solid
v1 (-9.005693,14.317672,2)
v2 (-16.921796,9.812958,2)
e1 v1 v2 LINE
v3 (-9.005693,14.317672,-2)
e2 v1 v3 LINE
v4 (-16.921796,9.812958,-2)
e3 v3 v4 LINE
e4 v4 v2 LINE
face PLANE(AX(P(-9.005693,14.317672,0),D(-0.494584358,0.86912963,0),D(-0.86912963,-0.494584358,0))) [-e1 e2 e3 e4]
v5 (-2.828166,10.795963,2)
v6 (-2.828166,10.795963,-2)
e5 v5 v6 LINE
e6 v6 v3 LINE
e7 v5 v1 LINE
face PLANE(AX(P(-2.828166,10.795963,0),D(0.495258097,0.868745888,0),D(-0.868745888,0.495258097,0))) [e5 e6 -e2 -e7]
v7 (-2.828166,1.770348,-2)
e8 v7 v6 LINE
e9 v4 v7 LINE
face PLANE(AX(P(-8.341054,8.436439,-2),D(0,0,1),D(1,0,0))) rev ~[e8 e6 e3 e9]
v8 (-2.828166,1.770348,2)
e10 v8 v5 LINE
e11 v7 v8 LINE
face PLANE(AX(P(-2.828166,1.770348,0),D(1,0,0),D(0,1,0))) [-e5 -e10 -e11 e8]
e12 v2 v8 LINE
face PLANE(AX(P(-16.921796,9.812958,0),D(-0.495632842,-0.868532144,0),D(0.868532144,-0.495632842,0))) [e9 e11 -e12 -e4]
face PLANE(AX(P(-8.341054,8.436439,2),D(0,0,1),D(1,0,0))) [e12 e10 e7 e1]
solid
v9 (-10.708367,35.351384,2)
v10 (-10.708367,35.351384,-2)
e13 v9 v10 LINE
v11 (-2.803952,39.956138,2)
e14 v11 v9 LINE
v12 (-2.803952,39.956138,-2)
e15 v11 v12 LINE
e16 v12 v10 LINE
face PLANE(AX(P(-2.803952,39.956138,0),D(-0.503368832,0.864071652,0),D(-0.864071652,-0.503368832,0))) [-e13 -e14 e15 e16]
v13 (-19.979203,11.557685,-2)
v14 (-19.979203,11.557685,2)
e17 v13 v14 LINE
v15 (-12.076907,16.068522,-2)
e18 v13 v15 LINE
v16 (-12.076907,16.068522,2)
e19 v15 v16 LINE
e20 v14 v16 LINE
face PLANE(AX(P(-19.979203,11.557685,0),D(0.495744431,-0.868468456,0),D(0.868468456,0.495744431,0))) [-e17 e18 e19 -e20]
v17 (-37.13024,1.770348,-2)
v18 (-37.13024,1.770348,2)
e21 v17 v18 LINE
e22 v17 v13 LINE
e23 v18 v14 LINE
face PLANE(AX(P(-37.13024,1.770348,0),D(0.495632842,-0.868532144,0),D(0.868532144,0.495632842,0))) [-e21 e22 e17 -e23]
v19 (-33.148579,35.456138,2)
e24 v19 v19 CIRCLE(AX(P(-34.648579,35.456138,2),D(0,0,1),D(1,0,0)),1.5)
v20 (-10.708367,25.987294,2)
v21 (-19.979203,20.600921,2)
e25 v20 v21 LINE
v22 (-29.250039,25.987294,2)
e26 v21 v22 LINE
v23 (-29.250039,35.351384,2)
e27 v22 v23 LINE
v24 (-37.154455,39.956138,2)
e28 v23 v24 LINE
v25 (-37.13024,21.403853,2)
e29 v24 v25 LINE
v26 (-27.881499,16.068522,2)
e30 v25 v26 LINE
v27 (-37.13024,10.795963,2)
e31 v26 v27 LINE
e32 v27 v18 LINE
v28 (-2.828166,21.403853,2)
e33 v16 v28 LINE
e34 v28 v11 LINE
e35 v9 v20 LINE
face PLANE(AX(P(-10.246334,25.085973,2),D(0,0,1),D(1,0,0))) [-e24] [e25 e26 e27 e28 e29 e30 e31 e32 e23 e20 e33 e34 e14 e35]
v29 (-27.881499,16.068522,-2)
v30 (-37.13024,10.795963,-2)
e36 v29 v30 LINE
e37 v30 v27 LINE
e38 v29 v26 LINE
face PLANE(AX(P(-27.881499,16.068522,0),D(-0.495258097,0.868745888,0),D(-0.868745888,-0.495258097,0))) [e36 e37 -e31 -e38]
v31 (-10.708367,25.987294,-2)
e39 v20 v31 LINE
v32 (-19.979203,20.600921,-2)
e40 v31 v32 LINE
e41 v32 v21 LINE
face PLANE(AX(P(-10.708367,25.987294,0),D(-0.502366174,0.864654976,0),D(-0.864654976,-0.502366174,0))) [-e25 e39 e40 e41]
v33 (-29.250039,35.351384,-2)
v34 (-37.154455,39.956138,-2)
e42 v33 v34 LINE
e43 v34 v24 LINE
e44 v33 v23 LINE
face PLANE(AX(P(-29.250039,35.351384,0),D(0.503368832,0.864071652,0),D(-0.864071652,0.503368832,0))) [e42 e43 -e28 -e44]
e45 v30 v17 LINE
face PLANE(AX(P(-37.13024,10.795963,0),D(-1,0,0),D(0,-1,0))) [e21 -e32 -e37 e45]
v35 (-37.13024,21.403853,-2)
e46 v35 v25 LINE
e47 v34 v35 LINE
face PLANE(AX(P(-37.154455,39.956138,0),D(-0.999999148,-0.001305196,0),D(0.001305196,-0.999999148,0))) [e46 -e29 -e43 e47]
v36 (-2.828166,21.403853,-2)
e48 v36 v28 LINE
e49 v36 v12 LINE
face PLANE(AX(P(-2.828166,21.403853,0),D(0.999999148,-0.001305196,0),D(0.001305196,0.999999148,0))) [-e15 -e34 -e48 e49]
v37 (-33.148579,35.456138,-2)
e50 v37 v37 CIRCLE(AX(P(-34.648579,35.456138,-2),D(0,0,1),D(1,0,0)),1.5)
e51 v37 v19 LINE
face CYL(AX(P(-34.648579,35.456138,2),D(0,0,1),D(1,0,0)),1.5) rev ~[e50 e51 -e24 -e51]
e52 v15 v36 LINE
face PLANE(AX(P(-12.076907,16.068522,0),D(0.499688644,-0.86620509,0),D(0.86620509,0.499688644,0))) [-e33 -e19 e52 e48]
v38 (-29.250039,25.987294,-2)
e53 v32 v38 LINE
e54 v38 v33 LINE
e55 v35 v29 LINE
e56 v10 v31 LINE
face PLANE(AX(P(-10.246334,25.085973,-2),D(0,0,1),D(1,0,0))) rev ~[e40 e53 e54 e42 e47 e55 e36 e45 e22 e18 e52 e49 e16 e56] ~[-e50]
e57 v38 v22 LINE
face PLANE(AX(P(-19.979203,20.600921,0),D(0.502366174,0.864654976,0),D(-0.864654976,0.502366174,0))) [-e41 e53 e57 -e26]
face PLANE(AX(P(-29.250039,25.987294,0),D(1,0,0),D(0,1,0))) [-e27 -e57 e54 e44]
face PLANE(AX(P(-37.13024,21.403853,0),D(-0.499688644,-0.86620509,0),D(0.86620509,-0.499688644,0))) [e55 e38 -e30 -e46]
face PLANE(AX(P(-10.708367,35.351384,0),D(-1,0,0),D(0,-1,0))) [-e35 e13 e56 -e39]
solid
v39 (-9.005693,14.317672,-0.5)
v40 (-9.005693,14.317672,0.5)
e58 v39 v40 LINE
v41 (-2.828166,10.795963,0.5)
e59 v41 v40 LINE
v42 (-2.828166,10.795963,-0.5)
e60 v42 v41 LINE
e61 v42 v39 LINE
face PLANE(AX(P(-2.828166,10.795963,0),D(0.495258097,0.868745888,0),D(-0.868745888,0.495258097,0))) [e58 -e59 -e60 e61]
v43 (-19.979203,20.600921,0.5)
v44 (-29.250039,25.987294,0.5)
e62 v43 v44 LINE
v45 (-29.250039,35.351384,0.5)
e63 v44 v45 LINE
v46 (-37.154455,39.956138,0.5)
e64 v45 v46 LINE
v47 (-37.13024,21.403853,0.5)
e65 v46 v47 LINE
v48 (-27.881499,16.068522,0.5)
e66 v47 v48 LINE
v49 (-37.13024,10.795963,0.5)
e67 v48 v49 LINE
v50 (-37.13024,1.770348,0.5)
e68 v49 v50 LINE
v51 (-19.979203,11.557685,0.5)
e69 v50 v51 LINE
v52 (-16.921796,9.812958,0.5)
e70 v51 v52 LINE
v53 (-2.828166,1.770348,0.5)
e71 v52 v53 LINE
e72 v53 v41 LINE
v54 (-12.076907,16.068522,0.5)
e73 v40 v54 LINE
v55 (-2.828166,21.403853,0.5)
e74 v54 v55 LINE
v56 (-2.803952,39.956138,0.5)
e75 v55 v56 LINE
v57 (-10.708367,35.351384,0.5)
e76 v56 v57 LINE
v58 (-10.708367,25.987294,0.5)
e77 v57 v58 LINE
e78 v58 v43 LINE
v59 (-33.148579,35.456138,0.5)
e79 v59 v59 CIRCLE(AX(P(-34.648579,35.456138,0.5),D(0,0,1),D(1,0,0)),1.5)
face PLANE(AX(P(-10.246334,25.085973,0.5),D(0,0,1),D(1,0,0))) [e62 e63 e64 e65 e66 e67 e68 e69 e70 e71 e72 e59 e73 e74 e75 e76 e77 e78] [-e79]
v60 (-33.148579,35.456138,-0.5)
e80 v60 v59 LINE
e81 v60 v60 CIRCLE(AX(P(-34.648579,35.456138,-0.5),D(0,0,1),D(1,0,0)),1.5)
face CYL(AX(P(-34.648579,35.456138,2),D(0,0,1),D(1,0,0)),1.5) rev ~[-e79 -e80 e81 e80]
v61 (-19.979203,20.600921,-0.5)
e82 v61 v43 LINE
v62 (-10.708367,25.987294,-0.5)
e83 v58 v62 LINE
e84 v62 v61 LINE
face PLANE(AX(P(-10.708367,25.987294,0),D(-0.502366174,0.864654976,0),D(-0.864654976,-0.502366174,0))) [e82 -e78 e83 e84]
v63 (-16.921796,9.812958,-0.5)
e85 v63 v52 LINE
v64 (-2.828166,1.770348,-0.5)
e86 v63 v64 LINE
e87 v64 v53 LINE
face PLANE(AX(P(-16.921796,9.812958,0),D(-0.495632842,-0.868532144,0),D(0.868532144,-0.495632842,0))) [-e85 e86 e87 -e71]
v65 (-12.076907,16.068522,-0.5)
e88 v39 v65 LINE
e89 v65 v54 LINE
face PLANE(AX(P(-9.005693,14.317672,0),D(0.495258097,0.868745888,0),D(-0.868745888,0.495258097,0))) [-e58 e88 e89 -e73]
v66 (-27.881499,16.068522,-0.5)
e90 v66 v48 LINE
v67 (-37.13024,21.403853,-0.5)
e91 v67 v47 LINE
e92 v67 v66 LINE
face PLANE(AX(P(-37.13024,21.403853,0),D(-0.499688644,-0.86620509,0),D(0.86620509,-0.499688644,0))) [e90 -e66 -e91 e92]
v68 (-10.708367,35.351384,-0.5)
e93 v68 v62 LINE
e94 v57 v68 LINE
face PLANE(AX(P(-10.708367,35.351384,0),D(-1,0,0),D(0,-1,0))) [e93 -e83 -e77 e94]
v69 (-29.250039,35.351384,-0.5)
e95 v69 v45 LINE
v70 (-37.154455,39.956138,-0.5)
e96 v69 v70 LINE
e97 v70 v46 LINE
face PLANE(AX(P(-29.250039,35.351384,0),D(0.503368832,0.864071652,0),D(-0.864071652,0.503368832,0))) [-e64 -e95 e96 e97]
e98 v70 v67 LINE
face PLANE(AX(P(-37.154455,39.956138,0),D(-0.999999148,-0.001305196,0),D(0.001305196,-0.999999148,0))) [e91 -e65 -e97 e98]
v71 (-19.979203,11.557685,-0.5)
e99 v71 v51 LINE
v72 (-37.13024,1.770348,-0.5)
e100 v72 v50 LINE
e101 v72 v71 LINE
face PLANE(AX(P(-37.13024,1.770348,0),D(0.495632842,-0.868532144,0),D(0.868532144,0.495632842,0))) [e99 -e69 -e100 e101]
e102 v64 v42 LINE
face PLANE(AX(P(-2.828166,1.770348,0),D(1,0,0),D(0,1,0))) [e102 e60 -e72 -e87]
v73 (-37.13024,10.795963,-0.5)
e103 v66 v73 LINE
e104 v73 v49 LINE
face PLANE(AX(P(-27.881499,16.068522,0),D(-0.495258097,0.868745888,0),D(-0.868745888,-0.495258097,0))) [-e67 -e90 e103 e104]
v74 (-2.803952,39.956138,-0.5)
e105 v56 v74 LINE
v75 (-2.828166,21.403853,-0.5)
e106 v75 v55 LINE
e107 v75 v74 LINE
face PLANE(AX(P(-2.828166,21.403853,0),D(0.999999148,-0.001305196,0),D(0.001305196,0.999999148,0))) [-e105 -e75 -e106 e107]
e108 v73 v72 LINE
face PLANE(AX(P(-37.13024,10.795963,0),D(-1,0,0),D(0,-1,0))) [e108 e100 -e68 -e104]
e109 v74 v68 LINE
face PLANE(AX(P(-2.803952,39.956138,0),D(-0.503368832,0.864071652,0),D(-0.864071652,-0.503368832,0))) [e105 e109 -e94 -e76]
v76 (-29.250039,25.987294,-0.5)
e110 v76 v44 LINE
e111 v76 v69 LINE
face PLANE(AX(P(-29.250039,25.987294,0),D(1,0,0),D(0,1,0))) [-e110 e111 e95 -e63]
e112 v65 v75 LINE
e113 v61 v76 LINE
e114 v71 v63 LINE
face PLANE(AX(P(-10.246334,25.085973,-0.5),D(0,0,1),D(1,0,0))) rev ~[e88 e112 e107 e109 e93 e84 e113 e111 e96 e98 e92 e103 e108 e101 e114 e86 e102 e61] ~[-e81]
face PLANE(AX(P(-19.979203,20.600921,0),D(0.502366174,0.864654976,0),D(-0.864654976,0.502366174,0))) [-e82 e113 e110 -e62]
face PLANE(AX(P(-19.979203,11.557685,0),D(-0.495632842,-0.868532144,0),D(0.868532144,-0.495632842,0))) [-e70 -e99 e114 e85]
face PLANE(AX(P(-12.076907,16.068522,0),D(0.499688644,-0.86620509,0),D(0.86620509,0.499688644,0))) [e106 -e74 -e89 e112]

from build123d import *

# Parameters (mm, degrees)
F1_DEPTH = 0.5
F2_DEPTH = 2
F3_R     = 1.5
F4_DEPTH = 12.5


with BuildPart() as f1:
    # F0 (on Top) → F1 (new body, symmetric)
    with BuildSketch(Plane.XY):
        Polygon((-10.708367452, 25.9872935712), (-19.9792031199, 20.6009205431), (-19.9792031199, 11.5576852113), (-12.0769068599, 16.0685218871), (-2.8281658888, 21.4038528502), (-2.8039515018, 39.956137538), (-10.708367452, 35.3513844311), align=None)
        Polygon((-29.2500387877, 35.3513844311), (-37.1544547379, 39.956137538), (-37.130240351, 21.4038528502), (-27.8814993799, 16.0685218871), (-37.130240351, 10.7959629968), (-37.130240351, 1.7703475896), (-19.9792031199, 11.5576852113), (-19.9792031199, 20.6009205431), (-29.2500387877, 25.9872935712), align=None)
        Polygon((-12.0769068599, 16.0685218871), (-19.9792031199, 11.5576852113), (-16.9217958666, 9.8129582521), (-9.0056933559, 14.3176723266), align=None)
        Polygon((-9.0056933559, 14.3176723266), (-16.9217958666, 9.8129582521), (-2.8281658888, 1.7703475896), (-2.8281658888, 10.7959629968), align=None)
    extrude(amount=F1_DEPTH, both=True)


with BuildPart() as f2:
    # F0 (on Top) → F2 (new body, symmetric)
    with BuildSketch(Plane.XY):
        Polygon((-9.0056933559, 14.3176723266), (-16.9217958666, 9.8129582521), (-2.8281658888, 1.7703475896), (-2.8281658888, 10.7959629968), align=None)
    extrude(amount=F2_DEPTH, both=True)


with BuildPart() as f2b:
    # F0 (on Top) → F2, piece 2 (new body, symmetric)
    with BuildSketch(Plane.XY):
        Polygon((-10.708367452, 25.9872935712), (-19.9792031199, 20.6009205431), (-19.9792031199, 11.5576852113), (-12.0769068599, 16.0685218871), (-2.8281658888, 21.4038528502), (-2.8039515018, 39.956137538), (-10.708367452, 35.3513844311), align=None)
        Polygon((-29.2500387877, 35.3513844311), (-37.1544547379, 39.956137538), (-37.130240351, 21.4038528502), (-27.8814993799, 16.0685218871), (-37.130240351, 10.7959629968), (-37.130240351, 1.7703475896), (-19.9792031199, 11.5576852113), (-19.9792031199, 20.6009205431), (-29.2500387877, 25.9872935712), align=None)
    extrude(amount=F2_DEPTH, both=True)


with BuildPart() as f4_tool:
    # F3 (on face) → F4 (new body, symmetric)
    with BuildSketch(Plane.XY.offset(2)):
        with Locations((-34.6485792218, 35.456137538)):
            Circle(F3_R)
    extrude(amount=F4_DEPTH, both=True)


with BuildPart() as f1_1:
    add(f1.part)

    # F4: cut by f4_tool
    add(f4_tool.part, mode=Mode.SUBTRACT)


with BuildPart() as f2b_1:
    add(f2b.part)

    # F4: cut by f4_tool
    add(f4_tool.part, mode=Mode.SUBTRACT)


solid = Compound([f2.part, f1_1.part, f2b_1.part])
